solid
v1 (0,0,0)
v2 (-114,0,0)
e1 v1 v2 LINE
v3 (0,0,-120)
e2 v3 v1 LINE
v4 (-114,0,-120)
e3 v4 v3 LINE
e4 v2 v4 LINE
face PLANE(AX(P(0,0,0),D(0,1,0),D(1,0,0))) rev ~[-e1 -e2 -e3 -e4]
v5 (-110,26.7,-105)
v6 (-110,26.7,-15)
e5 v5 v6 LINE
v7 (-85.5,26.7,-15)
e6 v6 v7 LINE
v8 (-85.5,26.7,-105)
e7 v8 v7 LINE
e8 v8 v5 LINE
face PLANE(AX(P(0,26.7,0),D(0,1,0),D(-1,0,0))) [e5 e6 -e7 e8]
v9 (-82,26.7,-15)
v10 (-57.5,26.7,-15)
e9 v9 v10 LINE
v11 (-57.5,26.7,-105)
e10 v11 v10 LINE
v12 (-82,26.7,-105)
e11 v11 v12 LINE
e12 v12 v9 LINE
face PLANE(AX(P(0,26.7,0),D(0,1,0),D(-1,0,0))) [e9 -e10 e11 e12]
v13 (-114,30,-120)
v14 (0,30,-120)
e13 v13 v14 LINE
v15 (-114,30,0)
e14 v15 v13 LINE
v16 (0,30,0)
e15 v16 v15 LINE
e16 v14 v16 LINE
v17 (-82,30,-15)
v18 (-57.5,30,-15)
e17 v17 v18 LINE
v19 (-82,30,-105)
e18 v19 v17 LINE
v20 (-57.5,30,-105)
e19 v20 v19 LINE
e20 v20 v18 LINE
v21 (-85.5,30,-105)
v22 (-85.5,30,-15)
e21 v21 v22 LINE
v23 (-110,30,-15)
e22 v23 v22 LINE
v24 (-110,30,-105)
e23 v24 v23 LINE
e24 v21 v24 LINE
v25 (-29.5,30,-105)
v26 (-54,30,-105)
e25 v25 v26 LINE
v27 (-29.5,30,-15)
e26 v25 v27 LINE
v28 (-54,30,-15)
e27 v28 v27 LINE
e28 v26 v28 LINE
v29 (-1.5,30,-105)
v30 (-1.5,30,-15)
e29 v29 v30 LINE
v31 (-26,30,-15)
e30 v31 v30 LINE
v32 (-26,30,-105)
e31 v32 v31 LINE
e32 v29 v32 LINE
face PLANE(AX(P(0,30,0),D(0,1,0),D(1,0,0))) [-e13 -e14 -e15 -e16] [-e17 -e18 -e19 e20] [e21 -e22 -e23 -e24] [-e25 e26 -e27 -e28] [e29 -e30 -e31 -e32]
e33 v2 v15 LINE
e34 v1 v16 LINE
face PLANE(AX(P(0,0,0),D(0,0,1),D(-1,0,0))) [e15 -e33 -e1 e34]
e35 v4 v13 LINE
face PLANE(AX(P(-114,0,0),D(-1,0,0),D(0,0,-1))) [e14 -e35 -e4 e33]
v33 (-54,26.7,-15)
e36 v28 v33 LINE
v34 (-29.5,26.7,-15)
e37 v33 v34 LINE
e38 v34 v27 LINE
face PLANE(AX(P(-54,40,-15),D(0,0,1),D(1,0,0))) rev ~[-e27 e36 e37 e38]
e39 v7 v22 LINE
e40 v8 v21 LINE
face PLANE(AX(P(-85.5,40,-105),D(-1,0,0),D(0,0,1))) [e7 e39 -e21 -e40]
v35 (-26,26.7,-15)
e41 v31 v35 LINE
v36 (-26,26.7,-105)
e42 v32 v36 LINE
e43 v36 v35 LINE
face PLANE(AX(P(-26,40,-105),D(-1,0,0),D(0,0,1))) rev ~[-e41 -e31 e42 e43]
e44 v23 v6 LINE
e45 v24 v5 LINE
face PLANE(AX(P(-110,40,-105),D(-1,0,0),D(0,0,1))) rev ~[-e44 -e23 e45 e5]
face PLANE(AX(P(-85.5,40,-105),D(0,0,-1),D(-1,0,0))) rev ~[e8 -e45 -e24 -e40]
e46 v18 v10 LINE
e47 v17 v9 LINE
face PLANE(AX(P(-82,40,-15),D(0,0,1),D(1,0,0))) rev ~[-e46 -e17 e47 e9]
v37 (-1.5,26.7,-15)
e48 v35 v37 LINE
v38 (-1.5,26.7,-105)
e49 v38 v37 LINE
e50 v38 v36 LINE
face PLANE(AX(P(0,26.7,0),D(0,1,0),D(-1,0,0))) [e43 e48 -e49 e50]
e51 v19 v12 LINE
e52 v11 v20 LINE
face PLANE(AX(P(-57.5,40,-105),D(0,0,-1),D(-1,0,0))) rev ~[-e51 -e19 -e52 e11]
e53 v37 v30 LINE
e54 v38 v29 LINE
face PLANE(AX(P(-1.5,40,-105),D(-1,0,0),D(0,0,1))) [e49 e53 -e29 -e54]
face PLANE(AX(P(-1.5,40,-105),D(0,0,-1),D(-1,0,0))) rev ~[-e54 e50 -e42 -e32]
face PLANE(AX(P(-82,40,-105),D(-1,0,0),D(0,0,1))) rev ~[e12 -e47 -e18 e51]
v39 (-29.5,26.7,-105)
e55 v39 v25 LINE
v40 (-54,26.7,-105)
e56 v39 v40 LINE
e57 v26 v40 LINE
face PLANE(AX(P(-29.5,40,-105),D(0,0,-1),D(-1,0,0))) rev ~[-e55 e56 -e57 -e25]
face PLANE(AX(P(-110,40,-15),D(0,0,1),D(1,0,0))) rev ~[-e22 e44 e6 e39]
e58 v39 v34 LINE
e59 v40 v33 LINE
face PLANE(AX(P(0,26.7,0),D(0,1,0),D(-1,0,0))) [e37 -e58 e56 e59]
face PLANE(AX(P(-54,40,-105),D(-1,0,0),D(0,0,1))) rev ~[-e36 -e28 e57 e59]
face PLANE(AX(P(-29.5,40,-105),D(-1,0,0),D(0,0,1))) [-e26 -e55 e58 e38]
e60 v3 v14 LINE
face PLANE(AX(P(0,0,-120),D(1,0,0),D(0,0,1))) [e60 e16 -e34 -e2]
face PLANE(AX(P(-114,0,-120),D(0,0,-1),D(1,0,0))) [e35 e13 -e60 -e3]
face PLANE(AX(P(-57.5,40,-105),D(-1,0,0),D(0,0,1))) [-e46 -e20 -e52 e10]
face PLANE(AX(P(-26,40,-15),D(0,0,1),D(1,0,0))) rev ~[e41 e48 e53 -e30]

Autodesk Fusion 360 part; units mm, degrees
sketch "スケッチ1" plane through (0, 0, 0) normal (0, 1, 0) x (1, 0, 0)
  line L0 (0, 0) -> (-114, 0)
  line L1 (-114, 0) -> (-114, 120)
  line L2 (-114, 120) -> (0, 120)
  line L3 (0, 120) -> (0, 0)
  dimension "d1" = 114
  dimension "d2" = 120
extrude "押し出し1" add sketch "スケッチ1" along normal blind 40
sketch "スケッチ2" plane through (0, 40, 0) normal (0, 1, 0) x (-1, 0, 0)
  line L0 (0, -120) -> (114, -120)
  line L1 (114, -120) -> (114, 0)
  line L2 (114, 0) -> (0, 0)
  line L3 (0, 0) -> (0, -120)
  line L4 (0, -105) -> (1.5, -105)
  line L5 (1.5, -105) -> (1.5, -15)
  line L6 (1.5, -15) -> (0, -15)
  line L7 (0, -15) -> (0, -105)
  line L8 (1.5, -105) -> (26, -105)
  line L9 (26, -105) -> (26, -15)
  line L10 (26, -15) -> (1.5, -15)
  line L11 (1.5, -15) -> (1.5, -105)
  line L12 (26, -105) -> (29.5, -105)
  line L13 (29.5, -105) -> (29.5, -15)
  line L14 (29.5, -15) -> (26, -15)
  line L15 (26, -15) -> (26, -105)
  line L16 (29.5, -105) -> (54, -105)
  line L17 (54, -105) -> (54, -15)
  line L18 (54, -15) -> (29.5, -15)
  line L19 (29.5, -15) -> (29.5, -105)
  line L20 (54, -105) -> (57.5, -105)
  line L21 (57.5, -105) -> (57.5, -15)
  line L22 (57.5, -15) -> (54, -15)
  line L23 (54, -15) -> (54, -105)
  line L24 (57.5, -105) -> (82, -105)
  line L25 (82, -105) -> (82, -15)
  line L26 (82, -15) -> (57.5, -15)
  line L27 (57.5, -15) -> (57.5, -105)
  line L28 (82, -105) -> (85.5, -105)
  line L29 (85.5, -105) -> (85.5, -15)
  line L30 (85.5, -15) -> (82, -15)
  line L31 (82, -15) -> (82, -105)
  line L32 (85.5, -105) -> (110, -105)
  line L33 (110, -105) -> (110, -15)
  line L34 (110, -15) -> (85.5, -15)
  line L35 (85.5, -15) -> (85.5, -105)
  line L36 (110, -105) -> (114, -105)
  line L37 (114, -105) -> (114, -15)
  line L38 (114, -15) -> (110, -15)
  line L39 (110, -15) -> (110, -105)
  dimension "d5" = 1.5
  dimension "d6" = 90
  dimension "d7" = 24.5
  dimension "d8" = 90
  dimension "d9" = 3.5
  dimension "d10" = 90
  dimension "d11" = 24.5
  dimension "d12" = 90
  dimension "d13" = 3.5
  dimension "d14" = 90
  dimension "d15" = 24.5
  dimension "d16" = 90
  dimension "d17" = 3.5
  dimension "d18" = 90
  dimension "d19" = 24.5
  dimension "d20" = 90
  dimension "d21" = 4
  dimension "d22" = 90
extrude "押し出し2" cut sketch "スケッチ2" against normal blind 3 contours L29 L32 L33 L34 L35 L39
sketch "スケッチ3" plane through (0, 40, 0) normal (0, 1, 0) x (-1, 0, 0)
  line L0 (110, -105) -> (85.5, -105)
  line L1 (85.5, -105) -> (85.5, -15)
  line L2 (85.5, -15) -> (110, -15)
  line L3 (110, -15) -> (110, -105)
  line L4 (0, -120) -> (114, -120)
  line L5 (114, -120) -> (114, 0)
  line L6 (114, 0) -> (0, 0)
  line L7 (0, 0) -> (0, -120)
  line L8 (0, -105) -> (1.5, -105)
  line L9 (1.5, -105) -> (1.5, -15)
  line L10 (1.5, -15) -> (0, -15)
  line L11 (0, -15) -> (0, -105)
  line L12 (1.5, -105) -> (26, -105)
  line L13 (26, -105) -> (26, -15)
  line L14 (26, -15) -> (1.5, -15)
  line L15 (1.5, -15) -> (1.5, -105)
  dimension "d25" = 1.5
  dimension "d26" = 90
  dimension "d27" = 24.5
  dimension "d28" = 90
extrude "押し出し3" cut sketch "スケッチ3" against normal blind 3 contours L9 L12 L13 L14 L15
extrude "押し出し4" cut 1 faces at (-93.6667, 37, -45) along direction (0, -1, 0) blind 0.3
extrude "押し出し5" cut 1 faces at (-9.6667, 37, -45) along direction (0, -1, 0) blind 0.3
sketch "スケッチ4" plane through (0, 40, 0) normal (0, 1, 0) x (-1, 0, 0)
  line L0 (26, -105) -> (1.5, -105)
  line L1 (1.5, -105) -> (1.5, -15)
  line L2 (1.5, -15) -> (26, -15)
  line L3 (26, -15) -> (26, -105)
  line L4 (110, -105) -> (85.5, -105)
  line L5 (85.5, -105) -> (85.5, -15)
  line L6 (85.5, -15) -> (110, -15)
  line L7 (110, -15) -> (110, -105)
  line L8 (0, -120) -> (114, -120)
  line L9 (114, -120) -> (114, 0)
  line L10 (114, 0) -> (0, 0)
  line L11 (0, 0) -> (0, -120)
  line L12 (26, -105) -> (29.5, -105)
  line L13 (29.5, -105) -> (29.5, -15)
  line L14 (29.5, -15) -> (26, -15)
  line L15 (26, -15) -> (26, -105)
  line L16 (29.5, -105) -> (54, -105)
  line L17 (54, -105) -> (54, -15)
  line L18 (54, -15) -> (29.5, -15)
  line L19 (29.5, -15) -> (29.5, -105)
  dimension "d35" = 3.5
  dimension "d36" = 90
  dimension "d37" = 24.5
  dimension "d38" = 90
extrude "押し出し6" cut sketch "スケッチ4" against normal blind 3.3 contours L13 L16 L17 L18 L19
sketch "スケッチ5" plane through (0, 40, 0) normal (0, 1, 0) x (-1, 0, 0)
  line L0 (54, -105) -> (29.5, -105)
  line L1 (29.5, -105) -> (29.5, -15)
  line L2 (29.5, -15) -> (54, -15)
  line L3 (54, -15) -> (54, -105)
  line L4 (26, -105) -> (1.5, -105)
  line L5 (1.5, -105) -> (1.5, -15)
  line L6 (1.5, -15) -> (26, -15)
  line L7 (26, -15) -> (26, -105)
  line L8 (110, -105) -> (85.5, -105)
  line L9 (85.5, -105) -> (85.5, -15)
  line L10 (85.5, -15) -> (110, -15)
  line L11 (110, -15) -> (110, -105)
  line L12 (0, -120) -> (114, -120)
  line L13 (114, -120) -> (114, 0)
  line L14 (114, 0) -> (0, 0)
  line L15 (0, 0) -> (0, -120)
  line L16 (54, -105) -> (57.5, -105)
  line L17 (57.5, -105) -> (57.5, -15)
  line L18 (57.5, -15) -> (54, -15)
  line L19 (54, -15) -> (54, -105)
  line L20 (57.5, -105) -> (82, -105)
  line L21 (82, -105) -> (82, -15)
  line L22 (82, -15) -> (57.5, -15)
  line L23 (57.5, -15) -> (57.5, -105)
  dimension "d41" = 3.5
  dimension "d42" = 90
  dimension "d43" = 24.5
  dimension "d44" = 90
extrude "押し出し7" cut sketch "スケッチ5" against normal blind 3.3 contours L17 L20 L21 L22 L23
extrude "押し出し8" cut 4 faces at (-93.6667, 36.7, -45) (-65.6667, 36.7, -45) (-37.6667, 36.7, -45) (-9.6667, 36.7, -45) along direction (0, -1, 0) blind 10
extrude "押し出し9" cut 1 faces at (-57.1667, 40, -5) along direction (0, -1, 0) blind 10
